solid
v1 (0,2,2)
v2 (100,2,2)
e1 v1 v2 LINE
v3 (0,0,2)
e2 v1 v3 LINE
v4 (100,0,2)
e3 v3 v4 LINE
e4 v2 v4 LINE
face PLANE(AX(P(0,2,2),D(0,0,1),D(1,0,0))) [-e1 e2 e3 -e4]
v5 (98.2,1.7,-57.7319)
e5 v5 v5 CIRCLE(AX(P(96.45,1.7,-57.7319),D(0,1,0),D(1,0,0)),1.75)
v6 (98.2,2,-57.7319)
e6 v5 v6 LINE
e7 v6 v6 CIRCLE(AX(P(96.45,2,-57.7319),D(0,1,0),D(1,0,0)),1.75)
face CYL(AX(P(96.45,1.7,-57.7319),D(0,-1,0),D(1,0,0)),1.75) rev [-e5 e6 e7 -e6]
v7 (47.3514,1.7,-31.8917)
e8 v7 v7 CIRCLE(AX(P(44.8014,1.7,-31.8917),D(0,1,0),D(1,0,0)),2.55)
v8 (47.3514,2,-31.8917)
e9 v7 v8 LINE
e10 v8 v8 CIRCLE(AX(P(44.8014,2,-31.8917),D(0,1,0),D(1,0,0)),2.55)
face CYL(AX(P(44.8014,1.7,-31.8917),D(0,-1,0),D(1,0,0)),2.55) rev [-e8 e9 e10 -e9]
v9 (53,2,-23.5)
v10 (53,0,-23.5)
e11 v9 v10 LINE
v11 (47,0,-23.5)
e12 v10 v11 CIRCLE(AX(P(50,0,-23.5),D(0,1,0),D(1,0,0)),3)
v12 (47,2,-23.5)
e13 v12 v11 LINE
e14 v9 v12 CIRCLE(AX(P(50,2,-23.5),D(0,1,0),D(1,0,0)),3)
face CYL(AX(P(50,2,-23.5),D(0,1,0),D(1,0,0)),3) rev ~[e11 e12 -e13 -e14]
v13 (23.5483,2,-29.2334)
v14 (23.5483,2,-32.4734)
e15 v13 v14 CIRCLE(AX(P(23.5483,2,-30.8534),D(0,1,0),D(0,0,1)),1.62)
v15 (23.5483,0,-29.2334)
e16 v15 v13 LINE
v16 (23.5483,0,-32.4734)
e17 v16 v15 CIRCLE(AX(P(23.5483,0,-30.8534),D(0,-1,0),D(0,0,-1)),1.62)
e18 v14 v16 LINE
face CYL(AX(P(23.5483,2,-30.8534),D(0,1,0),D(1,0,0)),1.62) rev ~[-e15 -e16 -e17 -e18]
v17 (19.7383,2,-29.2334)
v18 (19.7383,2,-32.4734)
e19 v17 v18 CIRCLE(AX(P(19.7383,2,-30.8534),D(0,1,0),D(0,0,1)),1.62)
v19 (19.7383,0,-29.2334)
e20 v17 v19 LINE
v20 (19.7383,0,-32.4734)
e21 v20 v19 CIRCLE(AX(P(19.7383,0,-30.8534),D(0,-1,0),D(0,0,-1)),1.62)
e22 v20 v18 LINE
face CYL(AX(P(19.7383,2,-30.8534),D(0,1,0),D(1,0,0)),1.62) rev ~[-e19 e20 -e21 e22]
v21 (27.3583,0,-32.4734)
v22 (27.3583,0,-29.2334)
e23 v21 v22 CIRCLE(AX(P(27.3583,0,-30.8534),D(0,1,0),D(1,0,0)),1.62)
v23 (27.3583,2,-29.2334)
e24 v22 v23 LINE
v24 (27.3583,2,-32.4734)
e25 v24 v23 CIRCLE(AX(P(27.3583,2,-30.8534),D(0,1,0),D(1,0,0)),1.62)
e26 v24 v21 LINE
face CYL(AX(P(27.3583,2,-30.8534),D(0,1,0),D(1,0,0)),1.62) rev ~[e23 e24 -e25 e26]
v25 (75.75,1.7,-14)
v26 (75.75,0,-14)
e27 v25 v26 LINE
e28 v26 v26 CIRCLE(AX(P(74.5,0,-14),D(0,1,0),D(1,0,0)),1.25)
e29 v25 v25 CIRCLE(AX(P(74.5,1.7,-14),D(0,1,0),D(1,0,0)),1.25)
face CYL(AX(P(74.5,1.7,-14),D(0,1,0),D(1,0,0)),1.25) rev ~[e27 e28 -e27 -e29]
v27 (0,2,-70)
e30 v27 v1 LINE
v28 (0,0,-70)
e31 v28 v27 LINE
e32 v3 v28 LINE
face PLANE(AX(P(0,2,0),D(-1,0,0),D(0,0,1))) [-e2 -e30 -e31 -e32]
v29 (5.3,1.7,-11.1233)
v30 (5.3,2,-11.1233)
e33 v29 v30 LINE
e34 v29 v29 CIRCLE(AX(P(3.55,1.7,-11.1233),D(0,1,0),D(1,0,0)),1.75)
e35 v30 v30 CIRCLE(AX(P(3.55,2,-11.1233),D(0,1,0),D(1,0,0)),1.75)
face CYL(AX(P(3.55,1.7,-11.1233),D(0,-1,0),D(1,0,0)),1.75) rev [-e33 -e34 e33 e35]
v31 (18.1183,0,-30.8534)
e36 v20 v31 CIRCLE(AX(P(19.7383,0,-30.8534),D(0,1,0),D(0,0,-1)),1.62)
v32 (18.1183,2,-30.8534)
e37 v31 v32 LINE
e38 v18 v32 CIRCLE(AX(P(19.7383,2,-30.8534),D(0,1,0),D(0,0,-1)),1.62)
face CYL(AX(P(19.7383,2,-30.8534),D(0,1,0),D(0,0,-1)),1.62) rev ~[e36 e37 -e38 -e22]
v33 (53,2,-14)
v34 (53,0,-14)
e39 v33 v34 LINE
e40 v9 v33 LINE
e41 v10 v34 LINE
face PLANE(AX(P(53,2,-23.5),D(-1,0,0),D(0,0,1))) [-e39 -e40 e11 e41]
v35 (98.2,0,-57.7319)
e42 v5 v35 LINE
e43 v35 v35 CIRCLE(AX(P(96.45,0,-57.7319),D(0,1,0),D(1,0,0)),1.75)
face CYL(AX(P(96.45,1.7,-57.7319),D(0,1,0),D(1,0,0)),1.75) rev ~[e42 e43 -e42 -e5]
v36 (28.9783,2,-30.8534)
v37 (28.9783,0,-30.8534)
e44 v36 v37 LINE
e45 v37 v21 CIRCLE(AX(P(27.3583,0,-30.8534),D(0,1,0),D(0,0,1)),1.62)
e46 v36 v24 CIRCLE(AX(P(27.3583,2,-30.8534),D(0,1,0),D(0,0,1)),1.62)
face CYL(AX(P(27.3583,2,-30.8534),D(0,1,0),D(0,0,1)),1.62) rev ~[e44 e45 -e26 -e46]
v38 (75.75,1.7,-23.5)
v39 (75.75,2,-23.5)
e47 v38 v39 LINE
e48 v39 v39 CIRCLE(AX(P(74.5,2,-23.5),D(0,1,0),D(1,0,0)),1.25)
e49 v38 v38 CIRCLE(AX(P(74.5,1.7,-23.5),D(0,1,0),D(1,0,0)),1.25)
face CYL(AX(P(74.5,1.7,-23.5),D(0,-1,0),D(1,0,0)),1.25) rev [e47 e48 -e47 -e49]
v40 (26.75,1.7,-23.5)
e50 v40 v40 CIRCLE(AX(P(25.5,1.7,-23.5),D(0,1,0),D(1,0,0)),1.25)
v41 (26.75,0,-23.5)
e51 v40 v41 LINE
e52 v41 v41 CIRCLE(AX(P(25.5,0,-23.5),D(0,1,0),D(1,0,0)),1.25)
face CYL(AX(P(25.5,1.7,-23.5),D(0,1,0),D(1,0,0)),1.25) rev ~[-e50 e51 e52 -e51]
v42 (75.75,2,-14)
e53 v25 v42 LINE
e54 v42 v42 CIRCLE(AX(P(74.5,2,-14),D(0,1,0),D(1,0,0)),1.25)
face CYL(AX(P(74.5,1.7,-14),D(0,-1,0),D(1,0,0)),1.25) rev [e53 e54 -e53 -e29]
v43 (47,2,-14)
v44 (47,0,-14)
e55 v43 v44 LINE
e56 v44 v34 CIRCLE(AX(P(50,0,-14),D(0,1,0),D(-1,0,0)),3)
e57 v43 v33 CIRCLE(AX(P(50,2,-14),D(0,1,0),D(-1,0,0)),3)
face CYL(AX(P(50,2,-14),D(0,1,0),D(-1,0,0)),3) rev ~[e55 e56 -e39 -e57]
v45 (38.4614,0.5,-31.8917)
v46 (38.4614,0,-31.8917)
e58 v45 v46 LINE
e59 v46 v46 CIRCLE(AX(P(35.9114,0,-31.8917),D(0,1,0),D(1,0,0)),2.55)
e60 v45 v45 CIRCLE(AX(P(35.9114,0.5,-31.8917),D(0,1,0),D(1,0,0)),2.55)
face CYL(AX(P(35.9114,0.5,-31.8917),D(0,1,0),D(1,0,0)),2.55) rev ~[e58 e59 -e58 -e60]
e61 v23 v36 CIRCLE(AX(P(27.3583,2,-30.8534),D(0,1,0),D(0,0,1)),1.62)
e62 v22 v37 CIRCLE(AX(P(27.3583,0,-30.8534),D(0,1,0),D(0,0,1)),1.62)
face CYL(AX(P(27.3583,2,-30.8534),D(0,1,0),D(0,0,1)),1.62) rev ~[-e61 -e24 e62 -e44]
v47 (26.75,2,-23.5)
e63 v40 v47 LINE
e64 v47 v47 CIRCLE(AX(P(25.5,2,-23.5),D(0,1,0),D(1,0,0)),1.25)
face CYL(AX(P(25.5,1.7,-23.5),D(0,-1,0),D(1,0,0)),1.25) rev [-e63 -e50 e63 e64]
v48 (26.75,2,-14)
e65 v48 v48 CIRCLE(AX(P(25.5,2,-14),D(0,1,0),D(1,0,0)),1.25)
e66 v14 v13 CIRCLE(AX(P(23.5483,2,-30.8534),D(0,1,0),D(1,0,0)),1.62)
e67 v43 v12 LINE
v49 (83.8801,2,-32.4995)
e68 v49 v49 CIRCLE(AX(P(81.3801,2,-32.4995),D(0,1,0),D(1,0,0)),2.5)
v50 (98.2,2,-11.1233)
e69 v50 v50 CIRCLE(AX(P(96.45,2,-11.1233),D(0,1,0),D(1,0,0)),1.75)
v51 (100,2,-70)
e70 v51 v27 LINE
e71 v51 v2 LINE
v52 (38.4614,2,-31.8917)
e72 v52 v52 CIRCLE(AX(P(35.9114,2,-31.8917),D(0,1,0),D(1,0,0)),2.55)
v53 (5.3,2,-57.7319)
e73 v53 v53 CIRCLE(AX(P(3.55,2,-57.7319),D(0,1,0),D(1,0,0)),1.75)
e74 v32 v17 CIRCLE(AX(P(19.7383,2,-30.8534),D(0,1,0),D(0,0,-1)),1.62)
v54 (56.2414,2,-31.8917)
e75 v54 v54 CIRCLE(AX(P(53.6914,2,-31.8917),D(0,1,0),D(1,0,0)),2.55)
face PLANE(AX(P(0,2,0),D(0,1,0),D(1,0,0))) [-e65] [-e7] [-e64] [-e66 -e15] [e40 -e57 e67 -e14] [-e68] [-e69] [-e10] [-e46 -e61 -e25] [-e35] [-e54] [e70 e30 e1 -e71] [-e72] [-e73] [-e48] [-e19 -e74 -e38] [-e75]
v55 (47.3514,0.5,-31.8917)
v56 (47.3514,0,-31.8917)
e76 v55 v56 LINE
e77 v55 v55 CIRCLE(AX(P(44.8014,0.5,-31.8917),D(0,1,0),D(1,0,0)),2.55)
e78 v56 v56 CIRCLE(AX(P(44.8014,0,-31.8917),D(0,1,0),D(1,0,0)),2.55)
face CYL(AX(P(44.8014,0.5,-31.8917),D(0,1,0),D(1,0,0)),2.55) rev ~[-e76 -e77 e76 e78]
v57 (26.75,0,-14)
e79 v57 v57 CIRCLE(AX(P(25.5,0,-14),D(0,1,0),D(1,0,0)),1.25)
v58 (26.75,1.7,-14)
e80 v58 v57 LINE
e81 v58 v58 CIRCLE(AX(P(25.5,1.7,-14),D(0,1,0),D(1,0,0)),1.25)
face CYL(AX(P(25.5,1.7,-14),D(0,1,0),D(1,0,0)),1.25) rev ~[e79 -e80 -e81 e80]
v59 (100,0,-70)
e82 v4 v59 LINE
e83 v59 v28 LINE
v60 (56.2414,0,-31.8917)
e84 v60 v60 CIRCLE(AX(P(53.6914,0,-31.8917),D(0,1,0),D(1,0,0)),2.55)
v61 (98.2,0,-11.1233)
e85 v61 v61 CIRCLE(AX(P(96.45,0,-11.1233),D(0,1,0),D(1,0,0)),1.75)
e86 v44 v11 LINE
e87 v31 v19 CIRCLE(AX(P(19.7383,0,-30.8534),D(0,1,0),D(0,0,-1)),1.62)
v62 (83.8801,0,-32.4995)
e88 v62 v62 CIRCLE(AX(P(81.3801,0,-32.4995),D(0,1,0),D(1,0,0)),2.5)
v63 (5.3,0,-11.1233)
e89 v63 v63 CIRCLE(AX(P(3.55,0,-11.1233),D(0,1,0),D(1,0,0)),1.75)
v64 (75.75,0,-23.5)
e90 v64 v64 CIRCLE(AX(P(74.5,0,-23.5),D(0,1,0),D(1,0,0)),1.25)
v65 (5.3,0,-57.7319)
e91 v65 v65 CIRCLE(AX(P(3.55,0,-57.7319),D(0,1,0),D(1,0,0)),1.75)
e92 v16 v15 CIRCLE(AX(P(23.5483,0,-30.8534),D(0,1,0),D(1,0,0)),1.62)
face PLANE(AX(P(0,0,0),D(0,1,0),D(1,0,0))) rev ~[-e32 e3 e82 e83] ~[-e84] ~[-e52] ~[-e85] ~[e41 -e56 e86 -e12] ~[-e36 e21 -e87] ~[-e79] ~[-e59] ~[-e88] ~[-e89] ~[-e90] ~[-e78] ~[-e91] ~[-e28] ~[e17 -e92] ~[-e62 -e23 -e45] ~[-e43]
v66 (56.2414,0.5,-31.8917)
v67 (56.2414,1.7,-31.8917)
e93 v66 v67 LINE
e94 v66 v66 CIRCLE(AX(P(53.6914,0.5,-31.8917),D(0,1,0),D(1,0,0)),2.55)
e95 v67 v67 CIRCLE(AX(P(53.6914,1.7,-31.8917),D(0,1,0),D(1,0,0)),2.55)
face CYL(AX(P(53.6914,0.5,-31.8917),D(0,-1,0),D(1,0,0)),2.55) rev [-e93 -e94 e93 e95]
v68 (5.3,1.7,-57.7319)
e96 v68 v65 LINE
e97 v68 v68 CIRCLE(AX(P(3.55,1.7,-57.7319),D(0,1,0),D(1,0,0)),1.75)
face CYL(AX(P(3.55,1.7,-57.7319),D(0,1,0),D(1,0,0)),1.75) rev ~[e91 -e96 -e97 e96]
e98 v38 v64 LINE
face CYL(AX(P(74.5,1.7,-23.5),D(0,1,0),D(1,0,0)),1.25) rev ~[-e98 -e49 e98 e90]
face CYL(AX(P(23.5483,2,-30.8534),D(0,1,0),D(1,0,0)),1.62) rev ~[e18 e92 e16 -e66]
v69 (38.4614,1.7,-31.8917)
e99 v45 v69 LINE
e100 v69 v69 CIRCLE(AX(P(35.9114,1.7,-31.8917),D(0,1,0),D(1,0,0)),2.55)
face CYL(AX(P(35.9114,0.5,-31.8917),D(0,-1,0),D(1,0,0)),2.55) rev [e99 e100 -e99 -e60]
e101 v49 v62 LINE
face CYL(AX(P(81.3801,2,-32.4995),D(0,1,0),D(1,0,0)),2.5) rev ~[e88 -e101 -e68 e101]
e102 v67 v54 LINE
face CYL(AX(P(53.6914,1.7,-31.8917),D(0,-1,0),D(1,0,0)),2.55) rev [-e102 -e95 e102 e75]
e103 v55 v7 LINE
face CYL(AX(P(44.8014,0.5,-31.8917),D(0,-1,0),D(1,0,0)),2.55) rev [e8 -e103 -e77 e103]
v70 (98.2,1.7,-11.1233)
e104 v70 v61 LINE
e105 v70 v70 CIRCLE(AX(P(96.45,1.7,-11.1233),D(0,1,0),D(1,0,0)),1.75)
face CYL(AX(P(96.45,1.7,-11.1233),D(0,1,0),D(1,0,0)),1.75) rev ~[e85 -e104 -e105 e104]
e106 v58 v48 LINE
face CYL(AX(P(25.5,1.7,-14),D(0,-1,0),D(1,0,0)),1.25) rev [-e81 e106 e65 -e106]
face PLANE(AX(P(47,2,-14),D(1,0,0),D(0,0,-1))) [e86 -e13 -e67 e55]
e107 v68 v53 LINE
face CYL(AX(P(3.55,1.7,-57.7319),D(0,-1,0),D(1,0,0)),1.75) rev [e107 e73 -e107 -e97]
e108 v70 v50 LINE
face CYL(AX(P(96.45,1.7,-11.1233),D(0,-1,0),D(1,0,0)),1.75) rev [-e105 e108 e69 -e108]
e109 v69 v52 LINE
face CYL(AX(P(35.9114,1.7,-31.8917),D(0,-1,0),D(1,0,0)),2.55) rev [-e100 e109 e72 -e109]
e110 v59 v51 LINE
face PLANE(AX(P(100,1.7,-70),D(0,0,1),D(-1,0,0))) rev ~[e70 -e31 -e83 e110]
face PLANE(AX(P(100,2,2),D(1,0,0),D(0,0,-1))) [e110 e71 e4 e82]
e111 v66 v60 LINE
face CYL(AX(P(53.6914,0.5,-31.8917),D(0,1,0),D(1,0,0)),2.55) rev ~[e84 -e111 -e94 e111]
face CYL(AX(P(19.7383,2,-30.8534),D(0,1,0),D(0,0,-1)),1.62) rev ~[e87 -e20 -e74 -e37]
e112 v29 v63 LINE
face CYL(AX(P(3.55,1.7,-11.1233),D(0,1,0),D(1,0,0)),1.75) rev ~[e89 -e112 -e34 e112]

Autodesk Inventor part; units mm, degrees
ref_plane "YZ Plane" through (0, 0, 0) normal (1, 0, 0) x (0, 1, 0)
ref_plane "XZ Plane" through (0, 0, 0) normal (0, 1, 0) x (-1, 0, 0)
ref_plane "XY Plane" through (0, 0, 0) normal (0, 0, 1) x (1, 0, 0)
sketch "Szkic1" plane through (0, 0, 0) normal (0, 1, 0) x (-1, 0, 0)
  line L0 (0, 0) -> (-100, 0)
  line L1 (-100, 0) -> (-100, -70)
  line L2 (-100, -70) -> (0, -70)
  line L3 (0, -70) -> (0, 0)
  dimension "d0" = 100
  dimension "d1" = 70
extrude "Wyciągnięcie proste1" add sketch "Szkic1" along normal blind 0.5
sketch "Szkic2" plane through (0, 0.5, 0) normal (0, 1, 0) x (1, 0, 0)
  line L0 (84.2801, 35.4995) -> (78.4801, 35.4995) projected
  line L1 (84.3801, 29.5995) -> (84.3801, 35.3995) projected
  line L2 (78.4801, 29.4995) -> (84.2801, 29.4995) projected
  line L3 (78.3801, 35.3995) -> (78.3801, 29.5995) projected
  circle A0 centre (53.6914, 31.8917) radius 2.05 projected
  circle A1 centre (44.8014, 31.8917) radius 2.05 projected
  circle A2 centre (35.9114, 31.8917) radius 2.05 projected
  line L4 (27.6783, 30.5334) -> (27.6783, 31.1734) projected
  line L5 (19.4183, 31.1734) -> (19.4183, 30.5334) projected
  line L6 (84.3801, 29.4995) -> (78.3801, 29.4995)
  line L7 (78.3801, 29.4995) -> (78.3801, 35.4995)
  line L8 (78.3801, 35.4995) -> (84.3801, 35.4995)
  line L9 (84.3801, 35.4995) -> (84.3801, 29.4995)
  line L10 (84.8801, 28.9995) -> (77.8801, 28.9995)
  line L11 (77.8801, 28.9995) -> (77.8801, 35.9995)
  line L12 (77.8801, 35.9995) -> (84.8801, 35.9995)
  line L13 (84.8801, 35.9995) -> (84.8801, 28.9995)
  circle A3 centre (53.6914, 31.8917) radius 2.55
  circle A4 centre (44.8014, 31.8917) radius 2.55
  circle A5 centre (35.9114, 31.8917) radius 2.55
  line L14 (27.6783, 30.5334) -> (19.4183, 30.5334)
  line L15 (19.4183, 30.5334) -> (19.4183, 31.1734)
  line L16 (19.4183, 31.1734) -> (27.6783, 31.1734)
  line L17 (27.6783, 31.1734) -> (27.6783, 30.5334)
  line L18 (28.9783, 32.4734) -> (18.1183, 32.4734)
  line L19 (18.1183, 32.4734) -> (18.1183, 29.2334)
  line L20 (18.1183, 29.2334) -> (28.9783, 29.2334)
  line L21 (28.9783, 29.2334) -> (28.9783, 32.4734)
  point P0 (0, 0)
  dimension "d4" = 0.5
  dimension "d5" = 0.5
  dimension "d6" = 0.5
  dimension "d7" = 0.5
  dimension "d8" = 1.3
extrude "Wyciągnięcie proste2" cut sketch "Szkic2" against normal through all contours L8 L9 L1 L6 L2 L7 L3 L0 | A0 | A1 | A2 | L14 L5 L16 L4 | L10 L11 L12 L13 | A3 | A4 | A5 | L21 L20 L19 L18
sketch "Szkic3" plane through (0, 0.5, 0) normal (0, 1, 0) x (1, 0, 0)
  circle A0 centre (3.55, 57.7319) radius 1.5 projected
  circle A1 centre (3.55, 11.1233) radius 1.5 projected
  circle A2 centre (96.45, 57.7319) radius 1.5 projected
  circle A3 centre (96.45, 11.1233) radius 1.5 projected
  circle A4 centre (25.5, 23.5) radius 1 projected
  circle A5 centre (25.5, 14) radius 1 projected
  circle A6 centre (50, 23.5) radius 1 projected
  circle A7 centre (50, 14) radius 1 projected
  circle A8 centre (74.5, 23.5) radius 1 projected
  circle A9 centre (74.5, 14) radius 1 projected
  point P0 (0, 0)
extrude "Wyciągnięcie proste3" cut sketch "Szkic3" against normal through all
sketch "Szkic4" plane through (0, 0.5, 0) normal (0, 1, 0) x (1, 0, 0)
  circle A0 centre (3.55, 57.7319) radius 1.5 projected
  circle A1 centre (50, 14) radius 1 projected
  circle A2 centre (74.5, 14) radius 1 projected
  circle A3 centre (25.5, 23.5) radius 1 projected
  circle A4 centre (96.45, 57.7319) radius 1.5 projected
  circle A5 centre (3.55, 11.1233) radius 1.5 projected
  circle A6 centre (50, 23.5) radius 1 projected
  circle A7 centre (74.5, 23.5) radius 1 projected
  circle A8 centre (25.5, 14) radius 1 projected
  circle A9 centre (96.45, 11.1233) radius 1.5 projected
  circle A10 centre (44.8014, 31.8917) radius 2.55 projected
  circle A11 centre (35.9114, 31.8917) radius 2.55 projected
  circle A12 centre (53.6914, 31.8917) radius 2.55 projected
  line L0 (28.9783, 29.2334) -> (18.1183, 29.2334) projected
  line L1 (18.1183, 29.2334) -> (18.1183, 32.4734) projected
  line L2 (18.1183, 32.4734) -> (28.9783, 32.4734) projected
  line L3 (28.9783, 32.4734) -> (28.9783, 29.2334) projected
  line L4 (77.8801, 28.9995) -> (77.8801, 35.9995) projected
  line L5 (77.8801, 35.9995) -> (84.8801, 35.9995) projected
  line L6 (84.8801, 35.9995) -> (84.8801, 28.9995) projected
  line L7 (84.8801, 28.9995) -> (77.8801, 28.9995) projected
  line L8 (100, 0) -> (100, 70) projected
  line L9 (100, 70) -> (0, 70) projected
  line L10 (0, 70) -> (0, 0) projected
  line L11 (0, 0) -> (100, 0) projected
extrude "Wyciągnięcie proste4" add sketch "Szkic4" along normal blind 1.2
sketch "Szkic5" plane through (0, 1.7, 0) normal (0, 1, 0) x (1, 0, 0)
  circle A0 centre (25.5, 14) radius 1 projected
  line L0 (100, 70) -> (0, 70) projected
  line L1 (0, 70) -> (0, 0) projected
  line L2 (0, 0) -> (100, 0) projected
  line L3 (100, 0) -> (100, 70) projected
  circle A1 centre (53.6914, 31.8917) radius 2.55 projected
  circle A2 centre (44.8014, 31.8917) radius 2.55 projected
  circle A3 centre (25.5, 14) radius 1 projected
  circle A4 centre (3.55, 57.7319) radius 1.5 projected
  circle A5 centre (50, 14) radius 1 projected
  circle A6 centre (74.5, 14) radius 1 projected
  circle A7 centre (25.5, 23.5) radius 1 projected
  circle A8 centre (96.45, 57.7319) radius 1.5 projected
  circle A9 centre (3.55, 11.1233) radius 1.5 projected
  circle A10 centre (50, 23.5) radius 1 projected
  circle A11 centre (74.5, 23.5) radius 1 projected
  circle A12 centre (96.45, 11.1233) radius 1.5 projected
  circle A13 centre (35.9114, 31.8917) radius 2.55 projected
  line L4 (77.8801, 28.9995) -> (77.8801, 35.9995) projected
  line L5 (77.8801, 35.9995) -> (84.8801, 35.9995) projected
  line L6 (84.8801, 35.9995) -> (84.8801, 28.9995) projected
  line L7 (84.8801, 28.9995) -> (77.8801, 28.9995) projected
  line L8 (28.9783, 29.2334) -> (18.1183, 29.2334) projected
  line L9 (18.1183, 29.2334) -> (18.1183, 32.4734) projected
  line L10 (18.1183, 32.4734) -> (28.9783, 32.4734) projected
  line L11 (28.9783, 32.4734) -> (28.9783, 29.2334) projected
  circle A14 centre (3.55, 11.1233) radius 1.5 projected
  circle A15 centre (3.55, 11.1233) radius 1.75
  circle A16 centre (3.55, 57.7319) radius 1.5 projected
  circle A17 centre (3.55, 57.7319) radius 1.75
  circle A18 centre (96.45, 11.1233) radius 1.75
  circle A19 centre (96.45, 57.7319) radius 1.5 projected
  circle A20 centre (96.45, 57.7319) radius 1.75
  circle A21 centre (25.5, 14) radius 1 projected
  circle A22 centre (25.5, 14) radius 1.25
  circle A23 centre (25.5, 23.5) radius 1 projected
  circle A24 centre (25.5, 23.5) radius 1.25
  circle A25 centre (50, 23.5) radius 1 projected
  circle A26 centre (50, 23.5) radius 1.25
  circle A27 centre (50, 14) radius 1 projected
  circle A28 centre (50, 14) radius 1.25
  circle A29 centre (74.5, 23.5) radius 1 projected
  circle A30 centre (74.5, 23.5) radius 1.25
  circle A31 centre (74.5, 14) radius 1 projected
  circle A32 centre (74.5, 14) radius 1.25
  dimension "d15" = 3.5
  dimension "d16" = 3.5
  dimension "d17" = 3.5
  dimension "d18" = 3.5
  dimension "d19" = 2.5
  dimension "d20" = 2.5
  dimension "d21" = 2.5
  dimension "d22" = 2.5
  dimension "d23" = 2.5
  dimension "d24" = 2.5
extrude "Wyciągnięcie proste5" cut sketch "Szkic5" against normal through all contours A0 | A4 | A5 | A6 | A7 | A8 | A9 | A10 | A11 | A12 | A15 | A17 | A18 | A20 | A22 | A24 | A26 | A28 | A30 | A32
sketch "Szkic6" plane through (0, 1.7, 0) normal (0, 1, 0) x (1, 0, 0)
  circle A0 centre (50, 23.5) radius 1.25 projected
  circle A1 centre (50, 14) radius 1.25 projected
  circle A2 centre (50, 14) radius 1.25 projected
  line L0 (50, 23.5) -> (50, 14) construction
  line L1 (52, 23.5) -> (52, 14)
  line L2 (48, 14) -> (48, 23.5)
  arc A3 (52, 23.5) -> (48, 23.5) centre (50, 23.5) ccw
  arc A4 (48, 14) -> (52, 14) centre (50, 14) ccw
  point P0 (0, 0)
  point P1 (50, 18.75)
extrude "Wyciągnięcie proste6" cut sketch "Szkic6" against normal through all contours A0 | A1 | L1 A4 L2 A3
sketch "Szkic7" plane through (0, 1.7, 0) normal (0, 1, 0) x (1, 0, 0)
  arc A0 (52, 23.5) -> (48, 23.5) centre (50, 23.5) ccw projected
  line L0 (52, 23.5) -> (52, 14) projected
  arc A1 (48, 14) -> (52, 14) centre (50, 14) ccw projected
  line L1 (48, 14) -> (48, 23.5) projected
  circle A2 centre (25.5, 23.5) radius 1.25 projected
  circle A3 centre (74.5, 23.5) radius 1.25 projected
  circle A4 centre (96.45, 57.7319) radius 1.75 projected
  circle A5 centre (3.55, 11.1233) radius 1.75 projected
  circle A6 centre (25.5, 14) radius 1.25 projected
  circle A7 centre (74.5, 14) radius 1.25 projected
  circle A8 centre (96.45, 11.1233) radius 1.75 projected
  circle A9 centre (3.55, 57.7319) radius 1.75 projected
  line L2 (100, 70) -> (0, 70) projected
  line L3 (0, 70) -> (0, 0) projected
  line L4 (0, 0) -> (100, 0) projected
  line L5 (100, 0) -> (100, 70) projected
  circle A10 centre (53.6914, 31.8917) radius 2.55 projected
  circle A11 centre (44.8014, 31.8917) radius 2.55 projected
  circle A12 centre (35.9114, 31.8917) radius 2.55 projected
  line L6 (77.8801, 28.9995) -> (77.8801, 35.9995) projected
  line L7 (77.8801, 35.9995) -> (84.8801, 35.9995) projected
  line L8 (84.8801, 35.9995) -> (84.8801, 28.9995) projected
  line L9 (84.8801, 28.9995) -> (77.8801, 28.9995) projected
  line L10 (28.9783, 29.2334) -> (18.1183, 29.2334) projected
  line L11 (18.1183, 29.2334) -> (18.1183, 32.4734) projected
  line L12 (18.1183, 32.4734) -> (28.9783, 32.4734) projected
  line L13 (28.9783, 32.4734) -> (28.9783, 29.2334) projected
extrude "Wyciągnięcie proste7" add sketch "Szkic7" along normal blind 0.3
sketch "Szkic8" plane through (0, 2, 0) normal (0, 1, 0) x (1, 0, 0)
  line L0 (0, 0) -> (100, 0) projected
  line L1 (100, 0) -> (0, 0)
  line L2 (0, 0) -> (0, -2)
  line L3 (0, -2) -> (100, -2)
  line L4 (100, -2) -> (100, 0)
  dimension "d31" = 2
extrude "Wyciągnięcie proste8" add sketch "Szkic8" against normal blind 2
sketch "Szkic9" plane through (0, 2, 0) normal (0, 1, 0) x (1, 0, 0)
  line L0 (28.9783, 32.4734) -> (28.9783, 29.2334) projected
  line L1 (18.1183, 29.2334) -> (18.1183, 32.4734) projected
  line L2 (18.1183, 32.4734) -> (28.9783, 32.4734) projected
  line L3 (28.9783, 29.2334) -> (18.1183, 29.2334) projected
  line L4 (18.1183, 30.8534) -> (28.9783, 30.8534) construction
  line L5 (19.7383, 32.4734) -> (27.3583, 32.4734)
  line L6 (27.3583, 29.2334) -> (19.7383, 29.2334)
  arc A0 (19.7383, 32.4734) -> (19.7383, 29.2334) centre (19.7383, 30.8534) ccw
  arc A1 (27.3583, 29.2334) -> (27.3583, 32.4734) centre (27.3583, 30.8534) ccw
  point P0 (0, 0)
  point P1 (23.5483, 30.8534)
extrude "Wyciągnięcie proste9" add sketch "Szkic9" against normal up to surface (2 mm away) contours L0 A1 L2 | L0 L3 A1 | A0 L1 L2 | L3 L1 A0
sketch "Szkic10" plane through (0, 2, 0) normal (0, 1, 0) x (1, 0, 0)
  line L0 (77.8801, 35.9995) -> (84.8801, 35.9995) projected
  line L1 (84.8801, 35.9995) -> (84.8801, 28.9995) projected
  line L2 (84.8801, 28.9995) -> (77.8801, 28.9995) projected
  line L3 (77.8801, 28.9995) -> (77.8801, 35.9995) projected
  circle A0 centre (81.3801, 32.4995) radius 2.5
  point P0 (0, 0)
  dimension "d36" = 5
extrude "Wyciągnięcie proste10" add sketch "Szkic10" against normal up to surface (2 mm away)
sketch "Szkic11" plane through (0, 2, 0) normal (0, 1, 0) x (1, 0, 0)
  line L0 (19.7383, 32.4734) -> (27.3583, 32.4734) projected
  arc A0 (27.3583, 29.2334) -> (27.3583, 32.4734) centre (27.3583, 30.8534) ccw projected
  line L1 (27.3583, 29.2334) -> (19.7383, 29.2334) projected
  arc A1 (19.7383, 32.4734) -> (19.7383, 29.2334) centre (19.7383, 30.8534) ccw projected
  circle A2 centre (19.7383, 30.8534) radius 1.62
  circle A3 centre (27.3583, 30.8534) radius 1.62
  circle A4 centre (23.5483, 30.8534) radius 1.62
  point P0 (0, 0)
  point P1 (23.5483, 29.2334)
  point P2 (23.5483, 32.4734)
extrude "Wyciągnięcie proste11" add sketch "Szkic11" against normal up to surface (2 mm away) contours L0 A4 L1 A2 | L0 A3 L1 A4
sketch "Szkic12" plane through (0, 2, 0) normal (0, 1, 0) x (1, 0, 0)
  arc A0 (52, 23.5) -> (48, 23.5) centre (50, 23.5) ccw projected
  line L0 (52, 23.5) -> (52, 14) projected
  line L1 (48, 14) -> (48, 23.5) projected
  arc A1 (48, 14) -> (52, 14) centre (50, 14) ccw projected
  arc A2 (53, 23.5) -> (47, 23.5) centre (50, 23.5) ccw
  line L2 (53, 23.5) -> (53, 14)
  arc A3 (47, 14) -> (53, 14) centre (50, 14) ccw
  line L3 (47, 14) -> (47, 23.5)
  point P0 (0, 0)
extrude "Wyciągnięcie proste12" cut sketch "Szkic12" against normal through all contours L0 A1 L1 A0 | L2 A3 L3 A2
properties part number "dach" material "Stal miękka, spawana"
